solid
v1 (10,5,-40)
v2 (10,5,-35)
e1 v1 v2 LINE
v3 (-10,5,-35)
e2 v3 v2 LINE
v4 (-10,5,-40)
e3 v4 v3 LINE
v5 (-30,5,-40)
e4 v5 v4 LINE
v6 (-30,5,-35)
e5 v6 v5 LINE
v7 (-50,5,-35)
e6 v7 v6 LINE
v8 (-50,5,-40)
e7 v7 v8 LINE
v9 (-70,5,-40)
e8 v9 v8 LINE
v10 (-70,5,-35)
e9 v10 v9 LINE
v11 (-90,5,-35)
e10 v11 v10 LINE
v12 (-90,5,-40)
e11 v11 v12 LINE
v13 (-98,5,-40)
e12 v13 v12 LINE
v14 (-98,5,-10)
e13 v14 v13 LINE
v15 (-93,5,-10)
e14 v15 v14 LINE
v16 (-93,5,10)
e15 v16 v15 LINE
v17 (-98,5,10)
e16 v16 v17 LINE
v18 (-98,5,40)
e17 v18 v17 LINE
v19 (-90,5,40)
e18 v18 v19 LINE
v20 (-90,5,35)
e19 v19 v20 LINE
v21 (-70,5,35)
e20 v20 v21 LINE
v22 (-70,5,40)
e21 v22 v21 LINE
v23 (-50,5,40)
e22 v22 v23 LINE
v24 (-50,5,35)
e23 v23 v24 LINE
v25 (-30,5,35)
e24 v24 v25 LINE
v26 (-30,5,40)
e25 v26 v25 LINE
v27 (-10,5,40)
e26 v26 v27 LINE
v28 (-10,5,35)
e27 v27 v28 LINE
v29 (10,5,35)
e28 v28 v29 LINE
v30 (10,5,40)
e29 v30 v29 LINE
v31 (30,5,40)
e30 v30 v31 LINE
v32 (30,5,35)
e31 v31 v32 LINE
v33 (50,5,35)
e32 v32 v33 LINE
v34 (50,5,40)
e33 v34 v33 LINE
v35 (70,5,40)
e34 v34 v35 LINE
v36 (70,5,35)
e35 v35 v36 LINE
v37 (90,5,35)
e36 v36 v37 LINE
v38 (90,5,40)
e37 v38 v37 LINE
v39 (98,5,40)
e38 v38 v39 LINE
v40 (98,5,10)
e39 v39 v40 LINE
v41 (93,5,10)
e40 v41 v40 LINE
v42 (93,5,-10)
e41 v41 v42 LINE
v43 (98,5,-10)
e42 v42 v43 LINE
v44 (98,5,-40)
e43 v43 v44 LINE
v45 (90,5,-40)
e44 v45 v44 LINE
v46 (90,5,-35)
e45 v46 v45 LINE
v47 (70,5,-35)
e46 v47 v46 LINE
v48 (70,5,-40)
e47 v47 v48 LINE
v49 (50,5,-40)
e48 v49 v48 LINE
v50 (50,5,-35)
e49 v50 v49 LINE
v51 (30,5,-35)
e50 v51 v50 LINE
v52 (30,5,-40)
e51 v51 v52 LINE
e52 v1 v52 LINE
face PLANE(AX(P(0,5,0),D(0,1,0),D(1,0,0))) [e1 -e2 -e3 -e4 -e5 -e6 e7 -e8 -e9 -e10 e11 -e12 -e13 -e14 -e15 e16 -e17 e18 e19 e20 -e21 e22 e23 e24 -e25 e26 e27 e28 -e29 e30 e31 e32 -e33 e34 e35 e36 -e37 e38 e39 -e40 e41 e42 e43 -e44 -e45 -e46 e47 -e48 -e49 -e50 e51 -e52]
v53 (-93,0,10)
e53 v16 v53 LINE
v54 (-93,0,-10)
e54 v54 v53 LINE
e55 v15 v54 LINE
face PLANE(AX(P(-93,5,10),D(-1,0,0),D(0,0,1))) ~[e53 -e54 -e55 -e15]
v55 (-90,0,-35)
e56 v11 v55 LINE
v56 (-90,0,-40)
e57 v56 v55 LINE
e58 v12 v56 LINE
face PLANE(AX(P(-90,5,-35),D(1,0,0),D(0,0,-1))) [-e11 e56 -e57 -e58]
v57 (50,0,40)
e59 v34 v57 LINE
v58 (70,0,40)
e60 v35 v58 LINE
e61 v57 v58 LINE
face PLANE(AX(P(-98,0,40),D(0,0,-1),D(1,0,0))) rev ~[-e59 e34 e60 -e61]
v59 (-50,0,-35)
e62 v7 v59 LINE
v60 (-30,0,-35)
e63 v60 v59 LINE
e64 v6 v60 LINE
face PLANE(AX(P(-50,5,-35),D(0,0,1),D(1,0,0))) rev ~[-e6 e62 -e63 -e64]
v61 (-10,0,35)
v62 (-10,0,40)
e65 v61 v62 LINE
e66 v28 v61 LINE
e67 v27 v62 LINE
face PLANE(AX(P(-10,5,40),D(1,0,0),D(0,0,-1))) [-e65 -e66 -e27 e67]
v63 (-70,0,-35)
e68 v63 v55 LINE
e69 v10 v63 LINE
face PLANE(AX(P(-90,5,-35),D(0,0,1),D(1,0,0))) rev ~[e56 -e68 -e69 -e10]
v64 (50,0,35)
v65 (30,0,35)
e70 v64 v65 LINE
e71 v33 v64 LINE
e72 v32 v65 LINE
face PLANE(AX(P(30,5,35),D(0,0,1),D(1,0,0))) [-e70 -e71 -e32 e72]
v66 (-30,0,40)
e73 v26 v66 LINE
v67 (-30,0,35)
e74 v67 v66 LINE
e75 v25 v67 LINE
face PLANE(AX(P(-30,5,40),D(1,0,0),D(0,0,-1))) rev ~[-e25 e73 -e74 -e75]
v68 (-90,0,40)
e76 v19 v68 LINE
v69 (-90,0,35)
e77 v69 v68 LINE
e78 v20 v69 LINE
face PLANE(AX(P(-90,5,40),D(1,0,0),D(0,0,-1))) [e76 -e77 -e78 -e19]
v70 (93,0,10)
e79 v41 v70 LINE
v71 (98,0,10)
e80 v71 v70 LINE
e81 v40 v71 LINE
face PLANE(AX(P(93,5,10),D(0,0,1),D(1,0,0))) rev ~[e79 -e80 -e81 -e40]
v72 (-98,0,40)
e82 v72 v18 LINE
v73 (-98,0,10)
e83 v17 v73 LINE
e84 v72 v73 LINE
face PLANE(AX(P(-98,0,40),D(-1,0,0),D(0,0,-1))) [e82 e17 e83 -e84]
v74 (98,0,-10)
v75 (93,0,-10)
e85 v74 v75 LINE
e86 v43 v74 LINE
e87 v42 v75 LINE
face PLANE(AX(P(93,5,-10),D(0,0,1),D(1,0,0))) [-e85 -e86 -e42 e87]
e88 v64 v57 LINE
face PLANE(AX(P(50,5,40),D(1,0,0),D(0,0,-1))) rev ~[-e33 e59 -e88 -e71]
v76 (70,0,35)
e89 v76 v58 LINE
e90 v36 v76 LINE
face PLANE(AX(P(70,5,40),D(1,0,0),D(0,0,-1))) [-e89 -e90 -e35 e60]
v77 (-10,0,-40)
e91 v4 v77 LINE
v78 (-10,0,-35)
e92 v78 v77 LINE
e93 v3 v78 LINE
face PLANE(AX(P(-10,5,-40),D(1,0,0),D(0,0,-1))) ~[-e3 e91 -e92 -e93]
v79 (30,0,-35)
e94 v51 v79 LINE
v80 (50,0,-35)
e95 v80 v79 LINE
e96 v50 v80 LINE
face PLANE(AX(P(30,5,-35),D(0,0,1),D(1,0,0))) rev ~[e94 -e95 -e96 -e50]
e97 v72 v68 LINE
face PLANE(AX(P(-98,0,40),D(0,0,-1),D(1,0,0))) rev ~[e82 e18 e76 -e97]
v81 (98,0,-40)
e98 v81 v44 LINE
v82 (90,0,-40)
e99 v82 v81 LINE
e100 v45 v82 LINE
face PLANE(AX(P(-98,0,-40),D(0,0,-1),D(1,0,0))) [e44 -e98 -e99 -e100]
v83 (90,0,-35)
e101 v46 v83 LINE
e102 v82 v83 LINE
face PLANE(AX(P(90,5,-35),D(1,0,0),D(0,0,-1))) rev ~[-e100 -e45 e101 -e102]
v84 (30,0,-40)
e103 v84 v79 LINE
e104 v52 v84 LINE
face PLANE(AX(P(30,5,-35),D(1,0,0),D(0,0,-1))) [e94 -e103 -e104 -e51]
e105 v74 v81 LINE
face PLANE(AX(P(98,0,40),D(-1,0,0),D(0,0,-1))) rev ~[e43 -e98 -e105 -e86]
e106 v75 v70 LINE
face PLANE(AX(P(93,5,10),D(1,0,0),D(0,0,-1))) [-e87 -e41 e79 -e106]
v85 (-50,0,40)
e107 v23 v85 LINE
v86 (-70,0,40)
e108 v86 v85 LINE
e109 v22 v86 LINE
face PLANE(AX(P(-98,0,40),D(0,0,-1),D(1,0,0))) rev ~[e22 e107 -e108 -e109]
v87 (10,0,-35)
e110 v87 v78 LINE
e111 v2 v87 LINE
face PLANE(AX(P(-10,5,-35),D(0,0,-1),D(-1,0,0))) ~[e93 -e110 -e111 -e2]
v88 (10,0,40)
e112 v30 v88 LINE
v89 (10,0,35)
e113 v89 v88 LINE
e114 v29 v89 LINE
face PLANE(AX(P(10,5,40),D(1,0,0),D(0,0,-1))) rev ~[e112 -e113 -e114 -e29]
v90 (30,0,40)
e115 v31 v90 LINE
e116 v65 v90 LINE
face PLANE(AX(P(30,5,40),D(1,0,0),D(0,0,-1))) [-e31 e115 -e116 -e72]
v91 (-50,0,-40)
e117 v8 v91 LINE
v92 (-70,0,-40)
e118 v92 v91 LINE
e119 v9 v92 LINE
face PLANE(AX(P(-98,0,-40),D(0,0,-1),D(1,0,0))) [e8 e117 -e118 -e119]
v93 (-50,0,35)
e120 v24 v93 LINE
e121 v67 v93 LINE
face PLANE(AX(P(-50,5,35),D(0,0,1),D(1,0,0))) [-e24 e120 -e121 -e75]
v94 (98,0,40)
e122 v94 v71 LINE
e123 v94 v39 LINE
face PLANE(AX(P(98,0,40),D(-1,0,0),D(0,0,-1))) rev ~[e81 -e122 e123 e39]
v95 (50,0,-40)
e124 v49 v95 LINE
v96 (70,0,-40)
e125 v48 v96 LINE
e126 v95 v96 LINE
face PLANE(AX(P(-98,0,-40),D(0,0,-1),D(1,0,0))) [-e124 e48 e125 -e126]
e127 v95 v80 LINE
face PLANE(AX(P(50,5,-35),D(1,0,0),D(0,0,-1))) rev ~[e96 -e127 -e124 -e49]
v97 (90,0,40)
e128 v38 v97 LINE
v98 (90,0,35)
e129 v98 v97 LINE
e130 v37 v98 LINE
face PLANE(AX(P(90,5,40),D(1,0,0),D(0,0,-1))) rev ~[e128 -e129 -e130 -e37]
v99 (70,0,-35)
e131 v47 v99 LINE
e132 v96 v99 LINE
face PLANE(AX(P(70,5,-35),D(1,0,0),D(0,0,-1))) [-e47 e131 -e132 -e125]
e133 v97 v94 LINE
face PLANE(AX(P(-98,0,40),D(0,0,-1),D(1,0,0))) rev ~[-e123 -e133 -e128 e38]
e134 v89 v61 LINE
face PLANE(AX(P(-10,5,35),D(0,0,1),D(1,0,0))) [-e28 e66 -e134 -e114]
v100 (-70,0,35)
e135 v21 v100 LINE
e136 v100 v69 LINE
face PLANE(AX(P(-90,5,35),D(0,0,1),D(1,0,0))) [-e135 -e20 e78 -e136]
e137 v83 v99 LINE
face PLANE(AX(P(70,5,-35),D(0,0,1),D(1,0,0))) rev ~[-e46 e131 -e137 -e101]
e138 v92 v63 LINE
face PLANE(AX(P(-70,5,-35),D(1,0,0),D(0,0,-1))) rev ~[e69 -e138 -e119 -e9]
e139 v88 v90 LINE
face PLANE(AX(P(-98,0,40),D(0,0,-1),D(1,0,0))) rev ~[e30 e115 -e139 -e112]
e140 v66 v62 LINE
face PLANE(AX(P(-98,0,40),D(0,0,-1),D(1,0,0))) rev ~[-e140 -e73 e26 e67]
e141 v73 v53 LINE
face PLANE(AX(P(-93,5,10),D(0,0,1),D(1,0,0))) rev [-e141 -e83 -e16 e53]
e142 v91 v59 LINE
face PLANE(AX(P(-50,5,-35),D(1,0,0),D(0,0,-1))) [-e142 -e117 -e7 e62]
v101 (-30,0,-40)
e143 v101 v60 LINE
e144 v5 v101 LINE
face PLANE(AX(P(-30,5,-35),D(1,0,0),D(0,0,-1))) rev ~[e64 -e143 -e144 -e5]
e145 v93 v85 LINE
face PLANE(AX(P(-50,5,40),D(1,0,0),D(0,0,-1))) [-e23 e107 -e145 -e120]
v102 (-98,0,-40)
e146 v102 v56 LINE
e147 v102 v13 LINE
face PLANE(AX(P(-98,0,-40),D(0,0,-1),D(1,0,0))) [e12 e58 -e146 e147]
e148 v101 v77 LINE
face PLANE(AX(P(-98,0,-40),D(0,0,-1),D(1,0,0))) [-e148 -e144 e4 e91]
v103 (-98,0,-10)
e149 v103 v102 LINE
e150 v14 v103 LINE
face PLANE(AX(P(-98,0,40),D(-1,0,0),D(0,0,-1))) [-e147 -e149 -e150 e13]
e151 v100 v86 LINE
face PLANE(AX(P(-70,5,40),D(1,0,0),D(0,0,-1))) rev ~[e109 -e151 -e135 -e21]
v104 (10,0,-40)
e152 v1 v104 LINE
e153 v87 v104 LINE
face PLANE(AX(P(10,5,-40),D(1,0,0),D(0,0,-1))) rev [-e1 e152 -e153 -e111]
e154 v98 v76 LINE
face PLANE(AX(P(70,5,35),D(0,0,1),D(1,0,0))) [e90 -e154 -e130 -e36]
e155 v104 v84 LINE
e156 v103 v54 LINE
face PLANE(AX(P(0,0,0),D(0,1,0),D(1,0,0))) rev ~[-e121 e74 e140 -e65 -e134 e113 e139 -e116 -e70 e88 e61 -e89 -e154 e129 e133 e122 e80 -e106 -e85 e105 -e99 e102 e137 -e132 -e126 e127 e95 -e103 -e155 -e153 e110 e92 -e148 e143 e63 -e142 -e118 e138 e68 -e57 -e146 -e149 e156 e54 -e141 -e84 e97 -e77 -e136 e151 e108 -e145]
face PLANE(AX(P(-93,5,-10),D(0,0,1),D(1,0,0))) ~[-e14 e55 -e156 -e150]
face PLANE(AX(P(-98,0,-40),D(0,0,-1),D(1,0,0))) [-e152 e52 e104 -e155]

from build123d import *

# Parameters (mm, degrees)
SKETCH_1_W               = 196
SKETCH_1_H               = 80
EXTRUDE_1_DEPTH          = 5
CUT_EXTRUDE_1_REACH      = 107.967
SKETCH_2_W               = 20
SKETCH_2_H               = 5
PATTERN_LINEAR_1_COUNT   = 3
PATTERN_LINEAR_1_PITCH   = 40
PATTERN_LINEAR_2_COUNT   = 3
PATTERN_LINEAR_2_PITCH   = 40
CUT_EXTRUDE_2_REACH      = 107.967
SKETCH_3_W               = 5
SKETCH_3_H               = 20
MIRROR_2_COPY_1_REACH    = 107.967
MIRROR_2_COPY_1_SKETCH_W = 20
MIRROR_2_COPY_1_SKETCH_H = 5
MIRROR_2_COPY_2_REACH    = 107.967
MIRROR_2_COPY_2_SKETCH_W = 20
MIRROR_2_COPY_2_SKETCH_H = 5
MIRROR_2_COPY_3_REACH    = 107.967
MIRROR_2_COPY_3_SKETCH_W = 20
MIRROR_2_COPY_3_SKETCH_H = 5
MIRROR_2_COPY_4_REACH    = 107.967
MIRROR_2_COPY_4_SKETCH_W = 20
MIRROR_2_COPY_4_SKETCH_H = 5


with BuildPart() as part:
    # 스케치1 → 보스-돌출1 (new body)
    with BuildSketch(Plane(origin=(0, 0, 0), x_dir=(1, 0, 0), z_dir=(0, 1, 0))):
        Rectangle(SKETCH_1_W, SKETCH_1_H)
    extrude(amount=EXTRUDE_1_DEPTH)

    # 스케치2 → 컷-돌출1 (cut, up to next)
    with BuildSketch(Plane(origin=(0, 5, 0), x_dir=(1, 0, 0), z_dir=(0, 1, 0)), mode=Mode.PRIVATE) as cut_extrude_1_sk1:
        with Locations((0, -37.5)):
            Rectangle(SKETCH_2_W, SKETCH_2_H)
    cut_extrude_1_tool1 = extrude(cut_extrude_1_sk1.sketch, amount=-CUT_EXTRUDE_1_REACH, mode=Mode.PRIVATE) & part.part
    cut_extrude_1 = cut_extrude_1_tool1.solids().sort_by_distance((0, 5, 37.5))[0]
    add(cut_extrude_1, mode=Mode.SUBTRACT)

    # 선형 패턴1: 컷-돌출1 ×3
    with Locations(*[(i * PATTERN_LINEAR_1_PITCH, 0, 0) for i in range(1, PATTERN_LINEAR_1_COUNT)]):
        add(cut_extrude_1, mode=Mode.SUBTRACT)

    # 선형 패턴2: 컷-돌출1 ×3
    with Locations(*[(-i * PATTERN_LINEAR_2_PITCH, 0, 0) for i in range(1, PATTERN_LINEAR_2_COUNT)]):
        add(cut_extrude_1, mode=Mode.SUBTRACT)

    # 스케치3 → 컷-돌출2 (cut, up to next)
    with BuildSketch(Plane(origin=(0, 5, 0), x_dir=(1, 0, 0), z_dir=(0, 1, 0)), mode=Mode.PRIVATE) as cut_extrude_2_sk1:
        with Locations((95.5, 0)):
            Rectangle(SKETCH_3_W, SKETCH_3_H)
    cut_extrude_2_tool1 = extrude(cut_extrude_2_sk1.sketch, amount=-CUT_EXTRUDE_2_REACH, mode=Mode.PRIVATE) & part.part
    cut_extrude_2 = cut_extrude_2_tool1.solids().sort_by_distance((95.5, 5, 0))[0]
    add(cut_extrude_2, mode=Mode.SUBTRACT)

    # 대칭 복사2: 컷-돌출1 across plane
    add(cut_extrude_1.mirror(Plane.XY), mode=Mode.SUBTRACT)

    # 대칭 복사2 copy 1 sketch → 대칭 복사2 copy 1 (cut, up to next)
    with BuildSketch(Plane(origin=(40, 5, 0), x_dir=(1, 0, 0), z_dir=(0, 1, 0)), mode=Mode.PRIVATE) as mirror_2_copy_1_sk1:
        with Locations((0, 37.5)):
            Rectangle(MIRROR_2_COPY_1_SKETCH_W, MIRROR_2_COPY_1_SKETCH_H)
    mirror_2_copy_1_tool1 = extrude(mirror_2_copy_1_sk1.sketch, amount=-MIRROR_2_COPY_1_REACH, mode=Mode.PRIVATE) & part.part
    add(mirror_2_copy_1_tool1.solids().sort_by_distance((40, 5, -37.5))[0], mode=Mode.SUBTRACT)

    # 대칭 복사2 copy 2 sketch → 대칭 복사2 copy 2 (cut, up to next)
    with BuildSketch(Plane(origin=(80, 5, 0), x_dir=(1, 0, 0), z_dir=(0, 1, 0)), mode=Mode.PRIVATE) as mirror_2_copy_2_sk1:
        with Locations((0, 37.5)):
            Rectangle(MIRROR_2_COPY_2_SKETCH_W, MIRROR_2_COPY_2_SKETCH_H)
    mirror_2_copy_2_tool1 = extrude(mirror_2_copy_2_sk1.sketch, amount=-MIRROR_2_COPY_2_REACH, mode=Mode.PRIVATE) & part.part
    add(mirror_2_copy_2_tool1.solids().sort_by_distance((80, 5, -37.5))[0], mode=Mode.SUBTRACT)

    # 대칭 복사2 copy 3 sketch → 대칭 복사2 copy 3 (cut, up to next)
    with BuildSketch(Plane(origin=(-40, 5, 0), x_dir=(1, 0, 0), z_dir=(0, 1, 0)), mode=Mode.PRIVATE) as mirror_2_copy_3_sk1:
        with Locations((0, 37.5)):
            Rectangle(MIRROR_2_COPY_3_SKETCH_W, MIRROR_2_COPY_3_SKETCH_H)
    mirror_2_copy_3_tool1 = extrude(mirror_2_copy_3_sk1.sketch, amount=-MIRROR_2_COPY_3_REACH, mode=Mode.PRIVATE) & part.part
    add(mirror_2_copy_3_tool1.solids().sort_by_distance((-40, 5, -37.5))[0], mode=Mode.SUBTRACT)

    # 대칭 복사2 copy 4 sketch → 대칭 복사2 copy 4 (cut, up to next)
    with BuildSketch(Plane(origin=(-80, 5, 0), x_dir=(1, 0, 0), z_dir=(0, 1, 0)), mode=Mode.PRIVATE) as mirror_2_copy_4_sk1:
        with Locations((0, 37.5)):
            Rectangle(MIRROR_2_COPY_4_SKETCH_W, MIRROR_2_COPY_4_SKETCH_H)
    mirror_2_copy_4_tool1 = extrude(mirror_2_copy_4_sk1.sketch, amount=-MIRROR_2_COPY_4_REACH, mode=Mode.PRIVATE) & part.part
    add(mirror_2_copy_4_tool1.solids().sort_by_distance((-80, 5, -37.5))[0], mode=Mode.SUBTRACT)

    # 대칭 복사3: 컷-돌출2 across plane
    add(cut_extrude_2.mirror(Plane(origin=(0, 0, 0), x_dir=(0, 0, 1), z_dir=(1, 0, 0))), mode=Mode.SUBTRACT)


solid = part.part
